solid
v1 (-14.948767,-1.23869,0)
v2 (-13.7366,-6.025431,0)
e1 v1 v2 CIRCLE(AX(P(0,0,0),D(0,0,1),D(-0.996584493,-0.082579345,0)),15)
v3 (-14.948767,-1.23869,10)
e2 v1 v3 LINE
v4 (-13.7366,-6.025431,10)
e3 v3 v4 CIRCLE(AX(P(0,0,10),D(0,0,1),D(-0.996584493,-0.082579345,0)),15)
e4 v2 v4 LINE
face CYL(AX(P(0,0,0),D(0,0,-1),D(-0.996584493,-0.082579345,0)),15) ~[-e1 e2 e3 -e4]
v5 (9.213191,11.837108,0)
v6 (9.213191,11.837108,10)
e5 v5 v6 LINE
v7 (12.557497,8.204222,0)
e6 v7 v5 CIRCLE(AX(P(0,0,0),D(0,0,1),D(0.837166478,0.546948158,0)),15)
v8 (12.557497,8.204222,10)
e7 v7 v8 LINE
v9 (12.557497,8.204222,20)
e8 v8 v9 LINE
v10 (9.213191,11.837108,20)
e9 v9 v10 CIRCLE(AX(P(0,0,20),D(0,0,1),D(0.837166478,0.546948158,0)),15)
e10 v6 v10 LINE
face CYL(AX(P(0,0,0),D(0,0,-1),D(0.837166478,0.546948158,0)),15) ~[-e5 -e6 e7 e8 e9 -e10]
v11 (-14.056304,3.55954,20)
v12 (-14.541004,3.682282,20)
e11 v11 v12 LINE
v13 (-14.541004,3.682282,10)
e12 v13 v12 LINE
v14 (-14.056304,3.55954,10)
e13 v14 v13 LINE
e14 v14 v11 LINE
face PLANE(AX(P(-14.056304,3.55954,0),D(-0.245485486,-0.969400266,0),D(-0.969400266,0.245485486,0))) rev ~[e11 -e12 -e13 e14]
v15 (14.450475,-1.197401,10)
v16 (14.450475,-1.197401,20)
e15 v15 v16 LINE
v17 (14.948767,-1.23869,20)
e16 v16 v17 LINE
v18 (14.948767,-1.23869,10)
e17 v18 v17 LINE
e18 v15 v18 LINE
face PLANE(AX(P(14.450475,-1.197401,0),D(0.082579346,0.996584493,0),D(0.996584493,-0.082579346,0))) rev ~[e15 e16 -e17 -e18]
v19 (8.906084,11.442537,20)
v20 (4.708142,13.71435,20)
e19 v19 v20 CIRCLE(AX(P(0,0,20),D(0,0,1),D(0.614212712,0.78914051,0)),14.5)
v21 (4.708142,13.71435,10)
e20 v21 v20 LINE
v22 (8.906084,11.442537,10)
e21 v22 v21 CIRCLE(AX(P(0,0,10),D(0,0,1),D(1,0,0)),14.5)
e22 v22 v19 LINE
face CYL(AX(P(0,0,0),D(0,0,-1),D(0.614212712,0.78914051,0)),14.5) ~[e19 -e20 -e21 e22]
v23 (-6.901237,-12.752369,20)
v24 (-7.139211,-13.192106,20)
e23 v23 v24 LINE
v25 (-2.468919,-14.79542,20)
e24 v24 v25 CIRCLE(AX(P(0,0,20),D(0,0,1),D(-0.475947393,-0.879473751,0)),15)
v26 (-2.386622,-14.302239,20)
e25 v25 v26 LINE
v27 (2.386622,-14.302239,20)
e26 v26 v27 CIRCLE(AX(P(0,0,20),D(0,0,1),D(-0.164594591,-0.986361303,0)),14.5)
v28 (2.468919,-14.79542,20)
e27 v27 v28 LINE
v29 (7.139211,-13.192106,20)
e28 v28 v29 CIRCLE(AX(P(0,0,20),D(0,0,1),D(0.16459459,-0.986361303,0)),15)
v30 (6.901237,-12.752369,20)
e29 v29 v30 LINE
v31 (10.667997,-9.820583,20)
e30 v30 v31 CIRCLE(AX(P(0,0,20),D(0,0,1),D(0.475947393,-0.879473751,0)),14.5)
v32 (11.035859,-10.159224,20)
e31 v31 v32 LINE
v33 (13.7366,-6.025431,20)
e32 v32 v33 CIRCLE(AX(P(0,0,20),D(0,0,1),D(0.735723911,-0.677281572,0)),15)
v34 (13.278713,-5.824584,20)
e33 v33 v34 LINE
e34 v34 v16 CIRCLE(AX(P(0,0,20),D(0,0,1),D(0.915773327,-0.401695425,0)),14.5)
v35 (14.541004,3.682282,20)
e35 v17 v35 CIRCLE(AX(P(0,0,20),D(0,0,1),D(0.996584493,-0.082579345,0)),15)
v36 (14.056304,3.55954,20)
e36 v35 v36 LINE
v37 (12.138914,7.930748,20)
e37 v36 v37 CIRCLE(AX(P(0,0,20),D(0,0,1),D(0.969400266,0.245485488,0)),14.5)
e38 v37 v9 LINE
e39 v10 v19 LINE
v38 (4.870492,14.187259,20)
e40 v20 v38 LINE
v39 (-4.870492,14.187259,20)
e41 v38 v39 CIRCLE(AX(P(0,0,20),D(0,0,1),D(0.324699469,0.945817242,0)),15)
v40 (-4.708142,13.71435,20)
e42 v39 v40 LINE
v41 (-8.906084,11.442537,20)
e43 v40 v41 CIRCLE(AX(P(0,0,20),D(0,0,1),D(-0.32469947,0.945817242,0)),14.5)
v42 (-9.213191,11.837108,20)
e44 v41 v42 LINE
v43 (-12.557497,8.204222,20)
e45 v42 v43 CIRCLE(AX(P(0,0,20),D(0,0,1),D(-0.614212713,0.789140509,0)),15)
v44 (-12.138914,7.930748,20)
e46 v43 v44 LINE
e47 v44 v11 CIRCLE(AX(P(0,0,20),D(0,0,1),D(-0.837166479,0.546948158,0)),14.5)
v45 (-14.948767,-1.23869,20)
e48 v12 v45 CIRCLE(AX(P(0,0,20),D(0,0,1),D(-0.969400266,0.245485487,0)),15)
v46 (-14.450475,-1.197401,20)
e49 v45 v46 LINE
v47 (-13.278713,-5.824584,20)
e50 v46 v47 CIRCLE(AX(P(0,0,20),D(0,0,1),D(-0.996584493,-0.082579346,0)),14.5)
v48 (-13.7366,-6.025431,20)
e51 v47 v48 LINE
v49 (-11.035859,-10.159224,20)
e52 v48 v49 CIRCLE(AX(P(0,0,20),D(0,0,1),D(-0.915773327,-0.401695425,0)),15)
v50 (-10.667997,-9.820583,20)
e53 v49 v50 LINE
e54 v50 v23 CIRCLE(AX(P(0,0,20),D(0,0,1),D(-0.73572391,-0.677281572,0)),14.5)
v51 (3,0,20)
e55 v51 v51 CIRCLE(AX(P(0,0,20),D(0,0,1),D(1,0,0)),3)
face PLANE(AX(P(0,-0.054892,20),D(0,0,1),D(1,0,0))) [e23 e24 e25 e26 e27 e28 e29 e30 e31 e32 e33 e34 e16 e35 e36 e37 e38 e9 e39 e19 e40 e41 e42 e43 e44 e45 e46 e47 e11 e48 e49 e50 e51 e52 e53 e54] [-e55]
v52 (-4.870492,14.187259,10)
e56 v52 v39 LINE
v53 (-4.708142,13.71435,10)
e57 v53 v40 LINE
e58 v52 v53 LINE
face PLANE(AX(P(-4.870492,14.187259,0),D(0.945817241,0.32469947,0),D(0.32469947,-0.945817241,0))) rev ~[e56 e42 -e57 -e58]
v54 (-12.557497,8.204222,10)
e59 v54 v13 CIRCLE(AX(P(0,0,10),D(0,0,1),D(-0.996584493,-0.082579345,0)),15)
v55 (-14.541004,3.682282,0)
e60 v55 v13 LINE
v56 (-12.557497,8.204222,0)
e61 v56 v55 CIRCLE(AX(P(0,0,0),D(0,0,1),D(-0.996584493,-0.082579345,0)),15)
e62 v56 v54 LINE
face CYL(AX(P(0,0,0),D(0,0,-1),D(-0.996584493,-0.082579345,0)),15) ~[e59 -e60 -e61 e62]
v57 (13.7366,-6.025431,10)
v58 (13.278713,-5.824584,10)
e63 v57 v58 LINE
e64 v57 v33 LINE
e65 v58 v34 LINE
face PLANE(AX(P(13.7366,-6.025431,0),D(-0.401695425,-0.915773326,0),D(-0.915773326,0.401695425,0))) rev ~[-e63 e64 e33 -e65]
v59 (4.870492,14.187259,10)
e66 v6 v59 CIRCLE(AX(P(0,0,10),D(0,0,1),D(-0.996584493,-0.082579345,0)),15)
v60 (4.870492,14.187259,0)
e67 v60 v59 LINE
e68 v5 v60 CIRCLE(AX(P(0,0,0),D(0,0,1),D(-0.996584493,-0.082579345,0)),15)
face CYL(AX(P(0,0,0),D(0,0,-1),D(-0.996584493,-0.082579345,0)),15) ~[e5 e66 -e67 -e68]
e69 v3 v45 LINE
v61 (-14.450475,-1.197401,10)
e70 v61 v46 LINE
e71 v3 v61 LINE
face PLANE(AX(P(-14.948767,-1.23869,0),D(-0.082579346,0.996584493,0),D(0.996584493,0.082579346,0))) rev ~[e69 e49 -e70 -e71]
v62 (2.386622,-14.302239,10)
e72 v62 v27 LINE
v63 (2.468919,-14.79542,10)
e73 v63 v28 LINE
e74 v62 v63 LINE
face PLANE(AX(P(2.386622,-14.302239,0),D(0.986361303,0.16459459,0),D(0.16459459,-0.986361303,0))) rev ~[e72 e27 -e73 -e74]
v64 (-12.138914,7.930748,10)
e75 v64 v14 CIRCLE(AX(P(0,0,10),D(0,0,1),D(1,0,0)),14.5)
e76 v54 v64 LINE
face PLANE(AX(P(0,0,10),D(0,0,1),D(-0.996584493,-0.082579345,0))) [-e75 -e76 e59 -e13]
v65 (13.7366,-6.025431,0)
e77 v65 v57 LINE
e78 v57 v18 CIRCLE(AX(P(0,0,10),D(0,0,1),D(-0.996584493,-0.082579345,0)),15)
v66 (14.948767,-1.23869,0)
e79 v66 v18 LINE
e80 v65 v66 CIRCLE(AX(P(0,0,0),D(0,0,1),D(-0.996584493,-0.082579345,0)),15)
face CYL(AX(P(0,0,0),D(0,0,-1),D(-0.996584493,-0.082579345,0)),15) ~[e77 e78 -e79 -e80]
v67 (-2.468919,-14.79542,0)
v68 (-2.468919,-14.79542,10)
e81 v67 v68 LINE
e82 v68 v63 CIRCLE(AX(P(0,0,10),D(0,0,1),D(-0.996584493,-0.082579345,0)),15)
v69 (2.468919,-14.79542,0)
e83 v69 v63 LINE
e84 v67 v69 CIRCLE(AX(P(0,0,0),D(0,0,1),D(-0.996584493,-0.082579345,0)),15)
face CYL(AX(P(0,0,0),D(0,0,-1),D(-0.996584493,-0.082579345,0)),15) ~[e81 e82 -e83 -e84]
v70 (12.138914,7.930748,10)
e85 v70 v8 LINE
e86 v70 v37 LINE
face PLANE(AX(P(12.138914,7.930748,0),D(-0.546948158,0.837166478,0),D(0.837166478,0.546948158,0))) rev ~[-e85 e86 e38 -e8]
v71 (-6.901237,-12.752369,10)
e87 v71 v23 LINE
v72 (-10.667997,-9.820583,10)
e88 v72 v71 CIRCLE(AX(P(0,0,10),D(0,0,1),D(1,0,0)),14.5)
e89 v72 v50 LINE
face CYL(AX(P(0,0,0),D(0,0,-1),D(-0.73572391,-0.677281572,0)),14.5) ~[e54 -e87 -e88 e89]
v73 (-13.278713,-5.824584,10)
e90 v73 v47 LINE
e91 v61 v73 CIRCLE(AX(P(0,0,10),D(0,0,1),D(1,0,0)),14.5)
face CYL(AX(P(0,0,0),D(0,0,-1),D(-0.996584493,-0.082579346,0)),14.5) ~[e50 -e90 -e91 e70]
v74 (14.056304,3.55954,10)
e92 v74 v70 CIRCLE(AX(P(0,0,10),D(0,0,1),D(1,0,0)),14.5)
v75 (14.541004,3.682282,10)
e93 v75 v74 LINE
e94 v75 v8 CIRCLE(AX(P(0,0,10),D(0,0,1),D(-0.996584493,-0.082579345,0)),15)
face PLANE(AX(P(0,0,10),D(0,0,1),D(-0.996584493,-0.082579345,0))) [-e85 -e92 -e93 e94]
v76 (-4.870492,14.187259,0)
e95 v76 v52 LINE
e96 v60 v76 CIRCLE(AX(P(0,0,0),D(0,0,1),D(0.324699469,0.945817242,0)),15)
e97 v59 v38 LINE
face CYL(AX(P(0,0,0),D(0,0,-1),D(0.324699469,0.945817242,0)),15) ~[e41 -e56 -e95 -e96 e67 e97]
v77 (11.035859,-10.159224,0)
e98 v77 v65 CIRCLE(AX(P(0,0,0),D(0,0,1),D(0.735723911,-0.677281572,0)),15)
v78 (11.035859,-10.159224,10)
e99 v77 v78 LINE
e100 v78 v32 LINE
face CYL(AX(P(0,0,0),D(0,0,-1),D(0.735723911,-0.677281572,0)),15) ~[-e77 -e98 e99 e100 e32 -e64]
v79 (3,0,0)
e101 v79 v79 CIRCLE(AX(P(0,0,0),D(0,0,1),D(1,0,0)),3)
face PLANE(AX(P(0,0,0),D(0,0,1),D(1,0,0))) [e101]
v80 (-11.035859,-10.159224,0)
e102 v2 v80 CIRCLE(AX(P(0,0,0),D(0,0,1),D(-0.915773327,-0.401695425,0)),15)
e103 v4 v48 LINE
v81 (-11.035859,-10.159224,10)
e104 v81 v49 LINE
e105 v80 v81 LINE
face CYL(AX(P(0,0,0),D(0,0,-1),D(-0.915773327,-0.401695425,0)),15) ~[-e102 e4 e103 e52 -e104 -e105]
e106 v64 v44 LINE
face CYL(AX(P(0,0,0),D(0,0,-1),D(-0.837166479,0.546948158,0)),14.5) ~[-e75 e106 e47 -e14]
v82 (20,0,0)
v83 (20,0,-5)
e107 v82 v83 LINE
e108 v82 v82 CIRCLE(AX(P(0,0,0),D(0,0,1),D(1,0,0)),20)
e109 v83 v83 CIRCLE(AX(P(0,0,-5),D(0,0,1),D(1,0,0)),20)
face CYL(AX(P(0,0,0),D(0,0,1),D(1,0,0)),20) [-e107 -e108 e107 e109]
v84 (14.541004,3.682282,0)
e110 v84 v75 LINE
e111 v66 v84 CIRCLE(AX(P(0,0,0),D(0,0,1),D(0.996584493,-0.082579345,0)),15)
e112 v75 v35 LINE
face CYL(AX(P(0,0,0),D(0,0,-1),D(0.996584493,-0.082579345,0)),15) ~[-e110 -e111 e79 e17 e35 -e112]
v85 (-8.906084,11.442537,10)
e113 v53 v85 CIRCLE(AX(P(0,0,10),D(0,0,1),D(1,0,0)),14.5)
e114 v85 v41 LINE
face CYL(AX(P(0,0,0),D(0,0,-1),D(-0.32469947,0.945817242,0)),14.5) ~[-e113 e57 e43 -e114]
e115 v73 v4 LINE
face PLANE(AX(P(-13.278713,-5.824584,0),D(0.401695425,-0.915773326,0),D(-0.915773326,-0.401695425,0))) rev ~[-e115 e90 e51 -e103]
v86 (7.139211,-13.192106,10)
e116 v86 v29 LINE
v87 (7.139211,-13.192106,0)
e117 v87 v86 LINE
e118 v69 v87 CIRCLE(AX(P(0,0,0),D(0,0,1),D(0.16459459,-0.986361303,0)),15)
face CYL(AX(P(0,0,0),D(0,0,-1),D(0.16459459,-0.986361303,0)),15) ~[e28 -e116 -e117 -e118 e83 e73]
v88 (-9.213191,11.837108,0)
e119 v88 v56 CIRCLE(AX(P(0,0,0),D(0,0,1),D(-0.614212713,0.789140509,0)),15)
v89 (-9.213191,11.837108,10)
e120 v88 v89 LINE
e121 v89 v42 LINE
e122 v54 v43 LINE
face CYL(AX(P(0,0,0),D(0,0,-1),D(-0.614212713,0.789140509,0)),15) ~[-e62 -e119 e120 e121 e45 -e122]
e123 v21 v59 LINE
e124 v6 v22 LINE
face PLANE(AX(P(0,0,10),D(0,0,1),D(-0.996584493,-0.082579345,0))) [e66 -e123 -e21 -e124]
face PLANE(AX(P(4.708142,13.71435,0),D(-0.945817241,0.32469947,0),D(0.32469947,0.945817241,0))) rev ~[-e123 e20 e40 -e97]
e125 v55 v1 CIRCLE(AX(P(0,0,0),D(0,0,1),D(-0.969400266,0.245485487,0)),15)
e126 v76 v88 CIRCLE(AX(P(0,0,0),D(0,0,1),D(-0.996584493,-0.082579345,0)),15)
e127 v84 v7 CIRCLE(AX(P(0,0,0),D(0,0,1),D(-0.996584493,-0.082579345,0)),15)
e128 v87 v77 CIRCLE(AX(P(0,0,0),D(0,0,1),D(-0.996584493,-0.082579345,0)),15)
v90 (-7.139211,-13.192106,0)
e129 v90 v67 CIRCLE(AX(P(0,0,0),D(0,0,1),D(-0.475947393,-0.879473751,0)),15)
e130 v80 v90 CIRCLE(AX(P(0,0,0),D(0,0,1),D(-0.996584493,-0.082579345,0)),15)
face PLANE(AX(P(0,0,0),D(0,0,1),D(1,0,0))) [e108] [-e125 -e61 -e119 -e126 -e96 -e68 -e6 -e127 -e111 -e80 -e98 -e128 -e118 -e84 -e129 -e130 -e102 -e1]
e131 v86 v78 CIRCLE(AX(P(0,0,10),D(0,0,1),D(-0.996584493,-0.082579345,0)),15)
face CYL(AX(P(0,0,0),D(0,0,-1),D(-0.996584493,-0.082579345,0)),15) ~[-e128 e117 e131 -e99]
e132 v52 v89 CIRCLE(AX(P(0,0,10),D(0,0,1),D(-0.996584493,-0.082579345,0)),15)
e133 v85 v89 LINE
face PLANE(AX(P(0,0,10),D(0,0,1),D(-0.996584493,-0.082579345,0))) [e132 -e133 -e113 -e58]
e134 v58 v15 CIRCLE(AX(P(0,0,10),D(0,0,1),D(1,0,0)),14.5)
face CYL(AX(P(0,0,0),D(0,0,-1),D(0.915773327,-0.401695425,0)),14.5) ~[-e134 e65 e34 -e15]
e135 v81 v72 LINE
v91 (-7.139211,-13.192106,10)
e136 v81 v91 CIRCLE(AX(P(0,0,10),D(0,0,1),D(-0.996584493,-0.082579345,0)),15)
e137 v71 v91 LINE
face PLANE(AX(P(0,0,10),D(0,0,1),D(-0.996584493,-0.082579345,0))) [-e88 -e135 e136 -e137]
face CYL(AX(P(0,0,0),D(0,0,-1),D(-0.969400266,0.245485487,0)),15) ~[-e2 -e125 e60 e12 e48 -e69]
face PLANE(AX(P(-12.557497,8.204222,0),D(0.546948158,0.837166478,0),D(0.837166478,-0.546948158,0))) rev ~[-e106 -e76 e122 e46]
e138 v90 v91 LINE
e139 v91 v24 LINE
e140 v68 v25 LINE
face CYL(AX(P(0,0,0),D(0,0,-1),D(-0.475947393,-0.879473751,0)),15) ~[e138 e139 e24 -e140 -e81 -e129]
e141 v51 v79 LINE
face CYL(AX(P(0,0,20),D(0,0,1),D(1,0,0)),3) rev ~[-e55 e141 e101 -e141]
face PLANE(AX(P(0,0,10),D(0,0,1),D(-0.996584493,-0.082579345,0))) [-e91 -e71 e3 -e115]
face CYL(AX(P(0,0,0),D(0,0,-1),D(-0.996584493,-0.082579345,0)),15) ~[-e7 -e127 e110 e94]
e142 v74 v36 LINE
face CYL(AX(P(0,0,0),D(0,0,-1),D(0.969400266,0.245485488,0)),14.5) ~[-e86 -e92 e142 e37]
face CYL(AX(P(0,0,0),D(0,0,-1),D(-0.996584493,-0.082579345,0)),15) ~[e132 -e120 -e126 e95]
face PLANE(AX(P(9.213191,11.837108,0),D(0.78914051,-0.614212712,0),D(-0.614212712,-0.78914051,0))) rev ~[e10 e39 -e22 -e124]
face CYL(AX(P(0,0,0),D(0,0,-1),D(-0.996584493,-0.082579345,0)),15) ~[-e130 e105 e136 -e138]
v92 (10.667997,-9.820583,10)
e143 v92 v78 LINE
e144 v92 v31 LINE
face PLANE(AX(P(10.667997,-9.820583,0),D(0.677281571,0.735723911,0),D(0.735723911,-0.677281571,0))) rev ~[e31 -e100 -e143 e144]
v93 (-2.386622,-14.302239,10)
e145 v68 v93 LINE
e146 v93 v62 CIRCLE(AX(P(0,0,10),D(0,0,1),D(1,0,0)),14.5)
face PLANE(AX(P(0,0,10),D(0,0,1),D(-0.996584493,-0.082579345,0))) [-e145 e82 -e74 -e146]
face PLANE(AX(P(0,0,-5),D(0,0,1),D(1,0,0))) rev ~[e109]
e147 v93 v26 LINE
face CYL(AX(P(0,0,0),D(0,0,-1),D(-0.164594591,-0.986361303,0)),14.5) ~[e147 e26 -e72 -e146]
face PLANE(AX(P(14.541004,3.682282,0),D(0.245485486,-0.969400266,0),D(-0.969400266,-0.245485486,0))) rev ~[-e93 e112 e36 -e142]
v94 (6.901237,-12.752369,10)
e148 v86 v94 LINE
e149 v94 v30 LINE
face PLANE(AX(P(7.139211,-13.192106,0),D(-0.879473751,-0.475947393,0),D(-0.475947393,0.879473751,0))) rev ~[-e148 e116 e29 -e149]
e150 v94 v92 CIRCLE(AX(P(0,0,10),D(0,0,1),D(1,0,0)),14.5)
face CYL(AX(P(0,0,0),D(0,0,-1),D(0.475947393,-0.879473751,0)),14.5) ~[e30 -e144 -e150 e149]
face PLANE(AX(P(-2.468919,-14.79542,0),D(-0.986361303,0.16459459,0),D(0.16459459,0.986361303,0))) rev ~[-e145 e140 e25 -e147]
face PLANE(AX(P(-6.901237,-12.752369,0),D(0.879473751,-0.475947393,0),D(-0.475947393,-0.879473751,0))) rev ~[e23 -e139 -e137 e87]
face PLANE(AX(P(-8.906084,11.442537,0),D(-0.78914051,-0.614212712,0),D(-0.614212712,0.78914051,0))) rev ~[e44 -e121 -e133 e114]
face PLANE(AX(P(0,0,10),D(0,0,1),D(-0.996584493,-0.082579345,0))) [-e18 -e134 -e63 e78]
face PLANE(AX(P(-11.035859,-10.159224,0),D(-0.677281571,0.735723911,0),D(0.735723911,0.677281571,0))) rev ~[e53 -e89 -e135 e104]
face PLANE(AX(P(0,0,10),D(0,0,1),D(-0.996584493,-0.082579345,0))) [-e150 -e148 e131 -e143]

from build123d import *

# Parameters (mm, degrees)
BOSS_EXTRUDE1_DEPTH = 20
SKETCH1_7_R         = 20
BOSS_EXTRUDE5_DEPTH = 5
SKETCH4_R           = 15
SKETCH4_R_2         = 14.5
BOSS_EXTRUDE6_DEPTH = 10
SKETCH5_R           = 3
CUT_EXTRUDE1_DEPTH  = 20


with BuildPart() as part:
    # Sketch1 → Boss-Extrude1 (new body)
    with BuildSketch(Plane.XY):
        with BuildLine():
            ThreePointArc((-4.708142303, 13.714350005), (-6.901237199, 12.752369392), (-8.906084334, 11.442537386))
            Line((-8.906084334, 11.442537386), (-9.21319069, 11.837107641))
            ThreePointArc((-9.21319069, 11.837107641), (-11.03585866, 10.159223574), (-12.557497174, 8.204222372))
            Line((-12.557497174, 8.204222372), (-12.138913935, 7.930748293))
            ThreePointArc((-12.138913935, 7.930748293), (-13.278713236, 5.824583657), (-14.056303856, 3.559539564))
            Line((-14.056303856, 3.559539564), (-14.541003989, 3.682282307))
            ThreePointArc((-14.541003989, 3.682282307), (-14.948767395, 1.238690182), (-14.948767395, -1.238690182))
            Line((-14.948767395, -1.238690182), (-14.450475149, -1.197400509))
            ThreePointArc((-14.450475149, -1.197400509), (-14.056303856, -3.559539564), (-13.278713236, -5.824583657))
            Line((-13.278713236, -5.824583657), (-13.7365999, -6.02543137))
            ThreePointArc((-13.7365999, -6.02543137), (-12.557497174, -8.204222372), (-11.03585866, -10.159223574))
            Line((-11.03585866, -10.159223574), (-10.667996705, -9.820582789))
            ThreePointArc((-10.667996705, -9.820582789), (-8.906084334, -11.442537386), (-6.901237199, -12.752369392))
            Line((-6.901237199, -12.752369392), (-7.139210896, -13.192106268))
            ThreePointArc((-7.139210896, -13.192106268), (-4.870492038, -14.187258626), (-2.468918854, -14.795419551))
            Line((-2.468918854, -14.795419551), (-2.386621559, -14.302238899))
            ThreePointArc((-2.386621559, -14.302238899), (0, -14.5), (2.386621559, -14.302238899))
            Line((2.386621559, -14.302238899), (2.468918854, -14.795419551))
            ThreePointArc((2.468918854, -14.795419551), (4.870492038, -14.187258626), (7.139210896, -13.192106268))
            Line((7.139210896, -13.192106268), (6.901237199, -12.752369392))
            ThreePointArc((6.901237199, -12.752369392), (8.906084334, -11.442537386), (10.667996705, -9.820582789))
            Line((10.667996705, -9.820582789), (11.03585866, -10.159223574))
            ThreePointArc((11.03585866, -10.159223574), (12.557497174, -8.204222372), (13.7365999, -6.02543137))
            Line((13.7365999, -6.02543137), (13.278713236, -5.824583657))
            ThreePointArc((13.278713236, -5.824583657), (14.056303856, -3.559539564), (14.450475149, -1.197400509))
            Line((14.450475149, -1.197400509), (14.948767395, -1.238690182))
            ThreePointArc((14.948767395, -1.238690182), (14.948767395, 1.238690182), (14.541003989, 3.682282307))
            Line((14.541003989, 3.682282307), (14.056303856, 3.559539564))
            ThreePointArc((14.056303856, 3.559539564), (13.278713236, 5.824583657), (12.138913935, 7.930748293))
            Line((12.138913935, 7.930748293), (12.557497174, 8.204222372))
            ThreePointArc((12.557497174, 8.204222372), (11.03585866, 10.159223574), (9.21319069, 11.837107641))
            Line((9.21319069, 11.837107641), (8.906084334, 11.442537386))
            ThreePointArc((8.906084334, 11.442537386), (6.901237199, 12.752369392), (4.708142303, 13.714350005))
            Line((4.708142303, 13.714350005), (4.870492038, 14.187258626))
            ThreePointArc((4.870492038, 14.187258626), (0, 15), (-4.870492038, 14.187258626))
            Line((-4.870492038, 14.187258626), (-4.708142303, 13.714350005))
        make_face()
    extrude(amount=BOSS_EXTRUDE1_DEPTH)

    # Sketch1<7> → Boss-Extrude5 (add)
    with BuildSketch(Plane.XY):
        Circle(SKETCH1_7_R)
    extrude(amount=-BOSS_EXTRUDE5_DEPTH)

    # Sketch4 → Boss-Extrude6 (add)
    with BuildSketch(Plane.XY):
        Circle(SKETCH4_R)
        Circle(SKETCH4_R_2, mode=Mode.SUBTRACT)
    extrude(amount=BOSS_EXTRUDE6_DEPTH)

    # Sketch5 → Cut-Extrude1 (cut)
    with BuildSketch(Plane.XY.offset(20)):
        Circle(SKETCH5_R)
    extrude(amount=-CUT_EXTRUDE1_DEPTH, mode=Mode.SUBTRACT)


solid = part.part
